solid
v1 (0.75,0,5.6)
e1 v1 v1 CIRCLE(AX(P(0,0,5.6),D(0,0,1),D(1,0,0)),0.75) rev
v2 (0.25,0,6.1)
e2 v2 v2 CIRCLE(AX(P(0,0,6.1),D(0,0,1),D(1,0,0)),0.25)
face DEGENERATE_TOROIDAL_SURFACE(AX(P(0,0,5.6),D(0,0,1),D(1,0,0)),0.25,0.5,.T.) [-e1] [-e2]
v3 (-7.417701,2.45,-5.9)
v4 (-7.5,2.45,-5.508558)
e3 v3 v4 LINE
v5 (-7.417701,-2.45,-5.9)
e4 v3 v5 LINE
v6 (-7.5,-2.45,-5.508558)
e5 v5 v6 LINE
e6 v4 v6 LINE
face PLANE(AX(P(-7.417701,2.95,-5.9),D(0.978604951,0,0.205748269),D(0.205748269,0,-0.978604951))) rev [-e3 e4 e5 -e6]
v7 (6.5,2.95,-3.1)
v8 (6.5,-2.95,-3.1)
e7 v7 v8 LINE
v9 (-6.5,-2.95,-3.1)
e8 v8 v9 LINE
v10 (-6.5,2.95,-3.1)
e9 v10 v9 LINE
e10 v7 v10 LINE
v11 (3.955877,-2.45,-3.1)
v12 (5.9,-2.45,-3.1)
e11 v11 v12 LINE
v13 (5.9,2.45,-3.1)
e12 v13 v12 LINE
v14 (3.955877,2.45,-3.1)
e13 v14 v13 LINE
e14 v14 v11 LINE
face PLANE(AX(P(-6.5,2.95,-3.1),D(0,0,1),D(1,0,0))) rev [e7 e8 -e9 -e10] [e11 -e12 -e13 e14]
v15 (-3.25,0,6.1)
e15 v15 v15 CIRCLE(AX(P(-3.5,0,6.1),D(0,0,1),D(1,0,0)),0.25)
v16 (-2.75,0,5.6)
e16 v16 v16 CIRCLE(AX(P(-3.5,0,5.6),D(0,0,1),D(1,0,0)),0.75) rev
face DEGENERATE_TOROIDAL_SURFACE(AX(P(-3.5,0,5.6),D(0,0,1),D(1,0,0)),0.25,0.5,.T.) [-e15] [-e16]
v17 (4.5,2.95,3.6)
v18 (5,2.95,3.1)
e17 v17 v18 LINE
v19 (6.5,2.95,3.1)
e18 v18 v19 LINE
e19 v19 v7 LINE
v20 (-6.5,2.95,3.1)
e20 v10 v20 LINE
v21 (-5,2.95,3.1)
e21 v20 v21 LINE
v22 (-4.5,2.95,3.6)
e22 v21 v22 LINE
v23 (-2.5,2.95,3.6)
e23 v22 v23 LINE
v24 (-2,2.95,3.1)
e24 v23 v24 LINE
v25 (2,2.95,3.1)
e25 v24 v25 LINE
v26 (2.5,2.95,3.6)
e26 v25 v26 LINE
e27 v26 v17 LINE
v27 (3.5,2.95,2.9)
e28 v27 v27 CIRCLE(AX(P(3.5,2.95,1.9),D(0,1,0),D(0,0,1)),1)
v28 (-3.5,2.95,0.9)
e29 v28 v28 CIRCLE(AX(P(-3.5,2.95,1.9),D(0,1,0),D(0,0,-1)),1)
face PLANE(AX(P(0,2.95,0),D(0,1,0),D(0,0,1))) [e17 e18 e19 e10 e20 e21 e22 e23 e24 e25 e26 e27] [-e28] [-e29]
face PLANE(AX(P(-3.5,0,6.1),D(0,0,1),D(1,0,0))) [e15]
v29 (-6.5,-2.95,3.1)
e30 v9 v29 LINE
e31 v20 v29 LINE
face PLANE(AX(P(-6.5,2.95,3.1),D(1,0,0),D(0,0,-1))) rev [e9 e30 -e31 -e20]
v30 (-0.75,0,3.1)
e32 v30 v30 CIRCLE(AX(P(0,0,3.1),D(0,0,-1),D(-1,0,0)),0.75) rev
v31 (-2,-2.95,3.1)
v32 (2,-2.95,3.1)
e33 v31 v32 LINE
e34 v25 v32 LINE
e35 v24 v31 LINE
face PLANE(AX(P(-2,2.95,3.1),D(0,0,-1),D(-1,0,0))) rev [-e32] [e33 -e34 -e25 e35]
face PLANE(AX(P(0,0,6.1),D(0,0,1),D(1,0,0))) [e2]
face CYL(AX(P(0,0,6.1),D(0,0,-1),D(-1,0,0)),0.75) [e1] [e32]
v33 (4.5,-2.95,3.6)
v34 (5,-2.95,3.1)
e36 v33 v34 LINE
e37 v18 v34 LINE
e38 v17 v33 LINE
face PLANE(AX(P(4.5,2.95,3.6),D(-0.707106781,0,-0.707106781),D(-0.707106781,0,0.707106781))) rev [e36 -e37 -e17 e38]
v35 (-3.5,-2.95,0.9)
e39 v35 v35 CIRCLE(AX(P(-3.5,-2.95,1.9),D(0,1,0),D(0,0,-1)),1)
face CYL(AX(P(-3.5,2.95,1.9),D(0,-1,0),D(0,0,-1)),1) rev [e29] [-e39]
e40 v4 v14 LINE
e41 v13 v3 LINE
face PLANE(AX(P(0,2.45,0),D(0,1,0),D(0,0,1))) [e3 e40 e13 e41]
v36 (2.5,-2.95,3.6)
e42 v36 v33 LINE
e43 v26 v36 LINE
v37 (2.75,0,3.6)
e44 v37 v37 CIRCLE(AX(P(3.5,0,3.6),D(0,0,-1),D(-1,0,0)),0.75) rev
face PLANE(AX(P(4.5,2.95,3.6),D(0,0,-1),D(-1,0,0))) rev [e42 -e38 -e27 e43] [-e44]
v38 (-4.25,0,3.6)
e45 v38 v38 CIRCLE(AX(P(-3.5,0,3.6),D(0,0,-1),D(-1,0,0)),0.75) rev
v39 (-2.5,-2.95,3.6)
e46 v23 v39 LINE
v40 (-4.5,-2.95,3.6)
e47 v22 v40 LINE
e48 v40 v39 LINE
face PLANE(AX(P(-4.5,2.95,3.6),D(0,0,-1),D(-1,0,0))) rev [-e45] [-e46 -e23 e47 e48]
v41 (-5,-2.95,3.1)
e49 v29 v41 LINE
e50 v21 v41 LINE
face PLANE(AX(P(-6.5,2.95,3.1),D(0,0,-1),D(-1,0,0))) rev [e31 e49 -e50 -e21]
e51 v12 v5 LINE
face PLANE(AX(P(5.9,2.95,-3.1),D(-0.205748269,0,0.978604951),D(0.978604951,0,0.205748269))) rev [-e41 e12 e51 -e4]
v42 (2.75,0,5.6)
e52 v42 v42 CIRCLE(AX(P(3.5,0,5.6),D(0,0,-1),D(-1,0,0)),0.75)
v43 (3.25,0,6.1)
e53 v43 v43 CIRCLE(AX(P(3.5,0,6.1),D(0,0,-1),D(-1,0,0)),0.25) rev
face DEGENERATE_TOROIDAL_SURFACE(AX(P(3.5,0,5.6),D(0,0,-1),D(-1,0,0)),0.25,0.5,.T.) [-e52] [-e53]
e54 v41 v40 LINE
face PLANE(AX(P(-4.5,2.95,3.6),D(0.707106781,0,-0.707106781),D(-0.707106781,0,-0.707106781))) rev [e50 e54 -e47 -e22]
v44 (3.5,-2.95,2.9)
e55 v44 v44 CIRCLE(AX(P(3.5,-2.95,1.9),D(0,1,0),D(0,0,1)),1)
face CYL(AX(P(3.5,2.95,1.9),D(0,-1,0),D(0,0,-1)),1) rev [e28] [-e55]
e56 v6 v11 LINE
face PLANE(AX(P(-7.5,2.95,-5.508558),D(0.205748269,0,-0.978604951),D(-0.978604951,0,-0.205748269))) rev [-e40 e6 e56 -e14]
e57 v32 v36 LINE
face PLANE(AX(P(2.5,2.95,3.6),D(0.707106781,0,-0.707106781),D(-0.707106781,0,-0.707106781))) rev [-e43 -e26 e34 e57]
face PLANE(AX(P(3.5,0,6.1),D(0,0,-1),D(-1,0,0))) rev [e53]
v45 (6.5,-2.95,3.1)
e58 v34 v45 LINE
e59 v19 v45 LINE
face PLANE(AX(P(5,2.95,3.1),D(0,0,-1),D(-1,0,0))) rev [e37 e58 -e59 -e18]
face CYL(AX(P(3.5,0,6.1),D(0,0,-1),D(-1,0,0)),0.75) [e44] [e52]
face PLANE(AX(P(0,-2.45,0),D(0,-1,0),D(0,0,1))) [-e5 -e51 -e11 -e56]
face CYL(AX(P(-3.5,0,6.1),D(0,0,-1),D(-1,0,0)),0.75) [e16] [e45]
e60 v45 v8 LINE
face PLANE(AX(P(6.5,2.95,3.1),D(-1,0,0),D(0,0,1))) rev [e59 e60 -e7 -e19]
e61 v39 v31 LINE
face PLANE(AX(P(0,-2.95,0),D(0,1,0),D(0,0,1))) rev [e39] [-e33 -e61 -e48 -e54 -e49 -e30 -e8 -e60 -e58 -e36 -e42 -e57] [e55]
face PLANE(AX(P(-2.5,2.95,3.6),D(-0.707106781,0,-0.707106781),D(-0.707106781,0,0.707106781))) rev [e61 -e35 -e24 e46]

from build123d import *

# Parameters (mm, degrees)
SKETCH1_R           = 1
BOSS_EXTRUDE1_DEPTH = 2.95
CUT_EXTRUDE1_DEPTH  = 0.5
SKETCH3_R           = 0.75
BOSS_EXTRUDE2_DEPTH = 3
FILLET1_R           = 0.5


with BuildPart() as part:
    # Sketch1 → Boss-Extrude1 (new body, symmetric)
    with BuildSketch(Plane(origin=(0, 0, 0), x_dir=(1, 0, 0), z_dir=(0, 1, 0))):
        Polygon((-6.5, -3.1), (-5, -3.1), (-4.5, -3.6), (-2.5, -3.6), (-2, -3.1), (2, -3.1), (2.5, -3.6), (4.5, -3.6), (5, -3.1), (6.5, -3.1), (6.5, 3.1), (5.9, 3.1), (-7.417700692, 5.9), (-7.5, 5.50855802), (3.955876716, 3.1), (-6.5, 3.1), align=None)
        with Locations((3.5, -1.9)):
            Circle(SKETCH1_R, mode=Mode.SUBTRACT)
        with Locations((-3.5, -1.9)):
            Circle(SKETCH1_R, mode=Mode.SUBTRACT)
    extrude(amount=BOSS_EXTRUDE1_DEPTH, both=True)

    # Sketch2 → Cut-Extrude1 (cut)
    with BuildSketch(Plane(origin=(0, 2.95, 0), x_dir=(1, 0, 0), z_dir=(0, 1, 0))):
        Polygon((5.9, 3.1), (3.955876716, 3.1), (-7.5, 5.50855802), (-7.417700692, 5.9), align=None)
    cut_extrude1 = extrude(amount=-CUT_EXTRUDE1_DEPTH, mode=Mode.SUBTRACT)

    # Mirror1: Cut-Extrude1 across plane
    add(cut_extrude1.mirror(Plane.ZX), mode=Mode.SUBTRACT)

    # Sketch3 → Boss-Extrude2 (add)
    with BuildSketch(Plane.XY.offset(3.1)):
        Circle(SKETCH3_R)
        with Locations((-3.5, 0)):
            Circle(SKETCH3_R)
        with Locations((3.5, 0)):
            Circle(SKETCH3_R)
    extrude(amount=BOSS_EXTRUDE2_DEPTH)

    # Fillet1
    fillet1_edges = [part.edges().sort_by_distance(p)[0] for p in [
        (-0.75, 0, 6.1),
        (-4.25, 0, 6.1),
        (2.75, 0, 6.1),
    ]]
    fillet(fillet1_edges, radius=FILLET1_R)


solid = part.part
